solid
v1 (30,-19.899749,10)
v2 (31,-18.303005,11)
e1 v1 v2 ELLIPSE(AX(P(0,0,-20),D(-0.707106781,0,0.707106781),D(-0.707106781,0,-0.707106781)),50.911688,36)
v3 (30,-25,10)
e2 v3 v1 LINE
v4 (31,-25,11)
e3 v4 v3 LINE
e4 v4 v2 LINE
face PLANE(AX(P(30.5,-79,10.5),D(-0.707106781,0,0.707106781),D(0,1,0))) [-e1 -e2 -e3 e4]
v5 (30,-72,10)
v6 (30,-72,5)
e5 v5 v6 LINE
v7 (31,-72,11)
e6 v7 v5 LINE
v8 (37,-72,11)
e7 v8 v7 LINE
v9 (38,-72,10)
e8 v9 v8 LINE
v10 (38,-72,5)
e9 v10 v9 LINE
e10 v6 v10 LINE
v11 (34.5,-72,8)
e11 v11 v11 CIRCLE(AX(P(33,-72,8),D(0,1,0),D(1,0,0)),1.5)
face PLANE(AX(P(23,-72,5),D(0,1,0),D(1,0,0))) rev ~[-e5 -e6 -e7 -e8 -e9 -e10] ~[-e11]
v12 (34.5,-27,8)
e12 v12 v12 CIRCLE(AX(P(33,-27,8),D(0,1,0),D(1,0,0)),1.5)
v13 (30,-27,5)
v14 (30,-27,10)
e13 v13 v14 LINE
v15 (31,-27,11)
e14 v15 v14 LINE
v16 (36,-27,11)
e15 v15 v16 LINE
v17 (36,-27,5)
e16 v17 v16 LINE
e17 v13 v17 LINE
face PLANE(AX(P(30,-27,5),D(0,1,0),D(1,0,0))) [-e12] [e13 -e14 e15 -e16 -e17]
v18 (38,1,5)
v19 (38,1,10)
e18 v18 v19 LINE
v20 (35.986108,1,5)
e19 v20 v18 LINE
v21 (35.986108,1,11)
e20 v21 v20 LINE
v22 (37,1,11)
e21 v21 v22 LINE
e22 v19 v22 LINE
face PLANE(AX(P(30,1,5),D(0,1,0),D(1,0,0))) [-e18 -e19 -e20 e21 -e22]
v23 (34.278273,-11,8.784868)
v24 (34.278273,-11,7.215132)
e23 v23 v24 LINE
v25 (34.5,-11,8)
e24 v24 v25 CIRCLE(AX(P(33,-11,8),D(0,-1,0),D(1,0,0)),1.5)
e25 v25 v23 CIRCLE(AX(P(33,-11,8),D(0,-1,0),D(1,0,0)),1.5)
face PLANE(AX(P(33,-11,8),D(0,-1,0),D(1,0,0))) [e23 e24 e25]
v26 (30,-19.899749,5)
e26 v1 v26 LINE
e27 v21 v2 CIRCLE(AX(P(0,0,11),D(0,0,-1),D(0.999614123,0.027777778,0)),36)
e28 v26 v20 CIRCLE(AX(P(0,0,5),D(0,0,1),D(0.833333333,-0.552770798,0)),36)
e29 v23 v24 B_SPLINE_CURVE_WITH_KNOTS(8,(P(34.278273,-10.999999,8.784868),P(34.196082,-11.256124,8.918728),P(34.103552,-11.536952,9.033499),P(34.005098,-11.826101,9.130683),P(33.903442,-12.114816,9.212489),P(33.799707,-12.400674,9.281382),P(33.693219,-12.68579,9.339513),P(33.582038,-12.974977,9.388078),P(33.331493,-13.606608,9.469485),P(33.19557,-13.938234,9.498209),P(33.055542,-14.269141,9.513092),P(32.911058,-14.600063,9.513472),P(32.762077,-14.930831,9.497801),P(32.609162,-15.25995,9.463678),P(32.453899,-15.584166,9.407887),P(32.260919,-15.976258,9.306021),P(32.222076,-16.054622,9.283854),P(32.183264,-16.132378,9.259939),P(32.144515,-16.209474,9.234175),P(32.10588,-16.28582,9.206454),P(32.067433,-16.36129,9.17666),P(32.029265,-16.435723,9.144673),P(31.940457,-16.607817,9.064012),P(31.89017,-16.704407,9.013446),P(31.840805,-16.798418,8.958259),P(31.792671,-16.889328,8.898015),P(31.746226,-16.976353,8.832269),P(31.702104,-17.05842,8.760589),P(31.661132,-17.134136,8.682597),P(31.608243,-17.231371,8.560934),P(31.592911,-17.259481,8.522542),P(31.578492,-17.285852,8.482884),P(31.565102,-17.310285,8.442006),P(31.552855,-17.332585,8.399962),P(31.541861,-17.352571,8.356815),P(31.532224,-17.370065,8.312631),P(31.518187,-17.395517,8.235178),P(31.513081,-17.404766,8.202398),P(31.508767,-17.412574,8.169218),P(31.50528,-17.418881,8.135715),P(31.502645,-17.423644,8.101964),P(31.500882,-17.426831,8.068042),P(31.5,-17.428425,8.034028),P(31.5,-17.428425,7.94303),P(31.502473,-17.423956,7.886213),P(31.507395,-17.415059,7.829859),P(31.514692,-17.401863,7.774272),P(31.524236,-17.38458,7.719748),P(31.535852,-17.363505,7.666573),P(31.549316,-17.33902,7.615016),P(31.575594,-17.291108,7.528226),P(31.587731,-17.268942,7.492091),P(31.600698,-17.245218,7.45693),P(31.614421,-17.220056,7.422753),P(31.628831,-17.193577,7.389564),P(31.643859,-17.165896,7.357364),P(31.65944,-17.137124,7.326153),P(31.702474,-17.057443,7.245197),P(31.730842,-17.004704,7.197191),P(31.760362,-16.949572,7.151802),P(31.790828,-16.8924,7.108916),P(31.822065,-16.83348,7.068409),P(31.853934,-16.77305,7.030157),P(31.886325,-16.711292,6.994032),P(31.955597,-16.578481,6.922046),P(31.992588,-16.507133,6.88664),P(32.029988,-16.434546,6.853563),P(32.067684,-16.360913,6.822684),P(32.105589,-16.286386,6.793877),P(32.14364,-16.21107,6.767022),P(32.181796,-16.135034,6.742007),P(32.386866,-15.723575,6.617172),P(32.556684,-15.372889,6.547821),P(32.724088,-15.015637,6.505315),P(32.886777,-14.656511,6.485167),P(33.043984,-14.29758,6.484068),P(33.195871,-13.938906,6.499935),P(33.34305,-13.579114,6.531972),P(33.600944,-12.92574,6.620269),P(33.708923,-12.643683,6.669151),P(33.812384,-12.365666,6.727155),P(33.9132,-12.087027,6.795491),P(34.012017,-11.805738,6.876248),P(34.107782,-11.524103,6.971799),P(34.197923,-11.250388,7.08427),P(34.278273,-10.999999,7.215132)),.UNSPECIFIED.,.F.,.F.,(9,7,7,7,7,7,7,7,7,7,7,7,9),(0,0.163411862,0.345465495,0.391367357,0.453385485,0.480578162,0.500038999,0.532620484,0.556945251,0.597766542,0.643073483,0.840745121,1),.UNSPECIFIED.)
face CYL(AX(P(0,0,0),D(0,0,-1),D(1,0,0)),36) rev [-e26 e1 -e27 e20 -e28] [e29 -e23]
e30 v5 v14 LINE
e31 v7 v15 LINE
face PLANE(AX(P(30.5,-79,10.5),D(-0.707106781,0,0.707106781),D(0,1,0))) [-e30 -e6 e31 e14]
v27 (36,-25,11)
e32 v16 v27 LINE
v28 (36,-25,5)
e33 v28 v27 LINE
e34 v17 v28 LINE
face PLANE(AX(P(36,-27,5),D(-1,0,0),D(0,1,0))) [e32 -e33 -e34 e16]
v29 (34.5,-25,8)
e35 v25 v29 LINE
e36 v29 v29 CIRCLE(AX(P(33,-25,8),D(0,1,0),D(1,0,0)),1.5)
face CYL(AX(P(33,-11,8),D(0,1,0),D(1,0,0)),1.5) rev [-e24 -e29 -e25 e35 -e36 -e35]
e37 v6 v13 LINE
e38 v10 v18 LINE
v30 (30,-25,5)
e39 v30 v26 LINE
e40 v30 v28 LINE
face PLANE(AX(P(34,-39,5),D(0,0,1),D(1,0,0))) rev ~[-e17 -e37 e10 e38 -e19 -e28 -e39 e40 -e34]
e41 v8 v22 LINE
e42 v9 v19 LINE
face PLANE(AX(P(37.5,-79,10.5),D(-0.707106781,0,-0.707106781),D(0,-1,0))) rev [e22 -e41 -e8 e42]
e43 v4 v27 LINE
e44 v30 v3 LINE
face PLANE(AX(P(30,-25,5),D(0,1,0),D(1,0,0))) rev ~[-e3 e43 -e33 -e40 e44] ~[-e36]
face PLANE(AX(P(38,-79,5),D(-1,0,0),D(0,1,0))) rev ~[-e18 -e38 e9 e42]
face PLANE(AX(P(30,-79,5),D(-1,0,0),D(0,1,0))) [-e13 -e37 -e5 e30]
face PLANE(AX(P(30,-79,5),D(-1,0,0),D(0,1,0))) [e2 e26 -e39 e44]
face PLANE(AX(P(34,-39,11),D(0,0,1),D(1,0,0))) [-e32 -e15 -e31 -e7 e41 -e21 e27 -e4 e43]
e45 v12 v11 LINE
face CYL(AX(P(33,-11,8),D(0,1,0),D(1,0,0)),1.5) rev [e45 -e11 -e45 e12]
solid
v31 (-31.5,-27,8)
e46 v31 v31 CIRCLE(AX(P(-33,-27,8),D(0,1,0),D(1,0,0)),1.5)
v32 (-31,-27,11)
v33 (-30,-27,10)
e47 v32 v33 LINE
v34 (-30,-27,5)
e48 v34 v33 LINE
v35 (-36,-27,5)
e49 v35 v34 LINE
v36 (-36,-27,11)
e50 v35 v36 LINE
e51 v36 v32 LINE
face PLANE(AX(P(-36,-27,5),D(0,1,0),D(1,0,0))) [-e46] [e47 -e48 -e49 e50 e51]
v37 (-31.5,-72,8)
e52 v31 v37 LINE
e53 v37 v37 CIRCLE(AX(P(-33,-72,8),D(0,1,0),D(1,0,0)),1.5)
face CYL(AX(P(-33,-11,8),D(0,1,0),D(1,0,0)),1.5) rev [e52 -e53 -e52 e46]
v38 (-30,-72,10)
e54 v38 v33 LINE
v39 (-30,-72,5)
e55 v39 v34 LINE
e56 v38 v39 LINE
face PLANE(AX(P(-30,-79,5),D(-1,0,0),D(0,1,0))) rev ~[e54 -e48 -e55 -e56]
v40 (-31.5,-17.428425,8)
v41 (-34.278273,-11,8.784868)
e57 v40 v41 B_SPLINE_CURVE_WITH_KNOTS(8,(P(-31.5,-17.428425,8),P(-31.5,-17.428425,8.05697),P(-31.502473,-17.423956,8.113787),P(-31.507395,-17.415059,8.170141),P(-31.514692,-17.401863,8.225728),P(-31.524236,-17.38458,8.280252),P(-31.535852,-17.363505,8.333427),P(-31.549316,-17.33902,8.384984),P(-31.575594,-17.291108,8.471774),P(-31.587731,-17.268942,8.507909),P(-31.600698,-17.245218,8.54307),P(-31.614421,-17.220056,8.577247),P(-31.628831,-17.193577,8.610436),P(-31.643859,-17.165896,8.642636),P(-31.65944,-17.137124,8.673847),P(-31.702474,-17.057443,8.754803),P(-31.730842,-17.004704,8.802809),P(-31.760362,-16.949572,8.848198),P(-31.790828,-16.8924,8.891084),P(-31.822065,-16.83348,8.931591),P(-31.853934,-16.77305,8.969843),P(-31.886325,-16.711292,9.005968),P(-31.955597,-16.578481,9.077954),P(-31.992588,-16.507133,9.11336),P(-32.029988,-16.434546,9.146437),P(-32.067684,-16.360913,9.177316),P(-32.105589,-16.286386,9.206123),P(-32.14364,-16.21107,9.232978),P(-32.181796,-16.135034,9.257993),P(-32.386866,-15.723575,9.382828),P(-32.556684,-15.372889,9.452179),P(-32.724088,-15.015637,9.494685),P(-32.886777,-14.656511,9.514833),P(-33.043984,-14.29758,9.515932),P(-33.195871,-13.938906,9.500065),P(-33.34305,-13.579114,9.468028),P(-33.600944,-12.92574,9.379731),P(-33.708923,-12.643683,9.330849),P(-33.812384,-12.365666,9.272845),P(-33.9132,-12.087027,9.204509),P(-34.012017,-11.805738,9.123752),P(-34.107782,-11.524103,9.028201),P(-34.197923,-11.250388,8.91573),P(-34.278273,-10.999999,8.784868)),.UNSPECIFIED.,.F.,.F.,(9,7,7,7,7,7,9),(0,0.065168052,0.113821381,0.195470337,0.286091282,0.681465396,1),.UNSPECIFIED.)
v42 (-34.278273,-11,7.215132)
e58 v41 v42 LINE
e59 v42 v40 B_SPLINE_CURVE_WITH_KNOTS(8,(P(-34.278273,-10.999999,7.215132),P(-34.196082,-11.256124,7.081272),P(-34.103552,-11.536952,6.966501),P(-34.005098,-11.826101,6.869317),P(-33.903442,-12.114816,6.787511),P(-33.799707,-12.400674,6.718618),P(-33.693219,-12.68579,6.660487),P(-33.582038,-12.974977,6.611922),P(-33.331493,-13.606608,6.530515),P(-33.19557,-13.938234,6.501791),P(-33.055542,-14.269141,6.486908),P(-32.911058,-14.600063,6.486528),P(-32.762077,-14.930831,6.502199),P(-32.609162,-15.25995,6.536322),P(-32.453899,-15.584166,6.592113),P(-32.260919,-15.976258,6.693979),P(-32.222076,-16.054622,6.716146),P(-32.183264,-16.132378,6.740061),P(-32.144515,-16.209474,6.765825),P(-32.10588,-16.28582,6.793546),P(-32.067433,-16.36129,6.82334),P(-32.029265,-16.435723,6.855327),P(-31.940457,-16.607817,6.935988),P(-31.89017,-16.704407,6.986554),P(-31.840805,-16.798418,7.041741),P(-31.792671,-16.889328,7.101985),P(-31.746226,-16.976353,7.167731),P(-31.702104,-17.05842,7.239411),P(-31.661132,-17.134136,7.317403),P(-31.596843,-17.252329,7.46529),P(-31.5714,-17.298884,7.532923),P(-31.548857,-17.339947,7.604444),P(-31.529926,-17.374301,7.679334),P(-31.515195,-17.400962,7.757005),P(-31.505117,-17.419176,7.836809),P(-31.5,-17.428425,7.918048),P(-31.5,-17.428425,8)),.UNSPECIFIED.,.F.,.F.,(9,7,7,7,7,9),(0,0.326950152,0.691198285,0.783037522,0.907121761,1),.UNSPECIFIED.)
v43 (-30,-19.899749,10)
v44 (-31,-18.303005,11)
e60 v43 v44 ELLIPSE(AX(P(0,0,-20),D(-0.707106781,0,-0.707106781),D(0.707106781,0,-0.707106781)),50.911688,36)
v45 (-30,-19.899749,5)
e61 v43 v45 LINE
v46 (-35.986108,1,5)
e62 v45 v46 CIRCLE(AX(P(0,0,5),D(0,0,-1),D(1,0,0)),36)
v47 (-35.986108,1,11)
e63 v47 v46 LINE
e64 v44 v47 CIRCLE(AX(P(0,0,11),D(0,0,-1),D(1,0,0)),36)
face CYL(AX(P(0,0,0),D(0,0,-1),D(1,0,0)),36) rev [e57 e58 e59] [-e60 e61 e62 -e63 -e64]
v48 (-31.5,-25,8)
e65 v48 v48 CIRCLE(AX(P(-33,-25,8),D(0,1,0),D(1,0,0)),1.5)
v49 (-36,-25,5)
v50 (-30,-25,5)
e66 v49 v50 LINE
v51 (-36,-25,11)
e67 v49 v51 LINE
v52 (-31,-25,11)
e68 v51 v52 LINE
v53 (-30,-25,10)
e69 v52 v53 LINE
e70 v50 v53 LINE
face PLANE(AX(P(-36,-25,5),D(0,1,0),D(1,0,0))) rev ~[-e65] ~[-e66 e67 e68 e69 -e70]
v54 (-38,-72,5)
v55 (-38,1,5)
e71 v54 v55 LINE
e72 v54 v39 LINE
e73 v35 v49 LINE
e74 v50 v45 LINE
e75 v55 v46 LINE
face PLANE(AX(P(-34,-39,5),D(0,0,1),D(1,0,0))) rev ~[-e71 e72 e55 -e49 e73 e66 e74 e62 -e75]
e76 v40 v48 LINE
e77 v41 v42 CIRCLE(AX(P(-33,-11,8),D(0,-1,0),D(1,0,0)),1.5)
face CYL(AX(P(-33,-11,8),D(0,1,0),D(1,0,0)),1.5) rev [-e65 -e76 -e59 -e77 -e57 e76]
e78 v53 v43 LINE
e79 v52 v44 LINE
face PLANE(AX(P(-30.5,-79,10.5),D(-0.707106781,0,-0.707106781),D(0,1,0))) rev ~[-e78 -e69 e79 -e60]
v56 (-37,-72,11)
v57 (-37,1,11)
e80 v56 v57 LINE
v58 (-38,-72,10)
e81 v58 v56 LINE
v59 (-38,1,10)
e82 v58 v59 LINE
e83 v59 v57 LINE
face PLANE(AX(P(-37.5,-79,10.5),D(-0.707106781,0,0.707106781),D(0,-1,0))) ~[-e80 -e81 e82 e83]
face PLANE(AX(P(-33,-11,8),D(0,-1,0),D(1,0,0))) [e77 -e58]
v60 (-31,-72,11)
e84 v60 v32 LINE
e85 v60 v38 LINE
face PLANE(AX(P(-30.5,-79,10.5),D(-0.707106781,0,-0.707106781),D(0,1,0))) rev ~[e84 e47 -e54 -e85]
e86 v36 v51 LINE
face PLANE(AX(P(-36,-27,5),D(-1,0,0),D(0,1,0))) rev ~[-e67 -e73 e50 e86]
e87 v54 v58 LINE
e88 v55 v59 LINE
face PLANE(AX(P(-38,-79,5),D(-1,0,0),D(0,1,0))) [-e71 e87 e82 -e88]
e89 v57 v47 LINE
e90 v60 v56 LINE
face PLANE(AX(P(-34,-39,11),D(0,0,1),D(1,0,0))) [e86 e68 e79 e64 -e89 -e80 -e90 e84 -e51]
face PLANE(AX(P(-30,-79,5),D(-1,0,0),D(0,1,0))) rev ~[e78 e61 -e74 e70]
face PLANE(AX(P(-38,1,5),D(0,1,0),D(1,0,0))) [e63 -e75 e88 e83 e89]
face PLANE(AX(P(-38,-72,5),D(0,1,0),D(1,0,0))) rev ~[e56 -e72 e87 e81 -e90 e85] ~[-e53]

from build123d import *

# Parameters (mm, degrees)
CYLINDER2684_R     = 1.5
CYLINDER2684_DEPTH = 100
CYLINDER2683_R     = 1.5
CYLINDER2683_DEPTH = 100
BOX916_W           = 6
BOX916_H           = 2
BOX916_DEPTH       = 6
BOX_W              = 6
BOX_H              = 2
BOX_DEPTH          = 6
BOX883_W           = 15
BOX883_H           = 13.5
BOX883_DEPTH       = 32
BOX884_W           = 15
BOX884_H           = 13.5
BOX884_DEPTH       = 32
CYLINDER2672_R     = 36
CYLINDER2672_DEPTH = 16
BOX908_W           = 8
BOX908_H           = 80
BOX908_DEPTH       = 6
CHAMFER132_SIZE    = 1
CHAMFER139_SIZE    = 1
CYLINDER2674_R     = 36
CYLINDER2674_DEPTH = 16
BOX909_W           = 8
BOX909_H           = 80
BOX909_DEPTH       = 6
CHAMFER133_SIZE    = 1
CHAMFER135_SIZE    = 1


with BuildPart() as v_lec2654:
    # Cylinder2684 → Cylinder2684 (new body)
    with BuildSketch(Plane(origin=(33, -10, 8), x_dir=(1, 0, 0), z_dir=(0, -1, 0))):
        Circle(CYLINDER2684_R)
    extrude(amount=CYLINDER2684_DEPTH)


with BuildPart() as compound1194:
    # Cylinder2683 → Cylinder2683 (new body)
    with BuildSketch(Plane(origin=(-33, -10, 8), x_dir=(1, 0, 0), z_dir=(0, -1, 0))):
        Circle(CYLINDER2683_R)
    extrude(amount=CYLINDER2683_DEPTH)

    # Compound1194: union Válec2654
    add(v_lec2654.part)


with BuildPart() as compound1194_1:
    # Compound1194 placement: moved
    add(compound1194.part.moved(Location((0, -1, 0))))


with BuildPart() as krychle915:
    # Box916 → Box916 (new body)
    with BuildSketch(Plane(origin=(-36, -27, 5), x_dir=(1, 0, 0), z_dir=(0, 0, 1))):
        with Locations((3, 1)):
            Rectangle(BOX916_W, BOX916_H)
    extrude(amount=BOX916_DEPTH)


with BuildPart() as compound1191:
    # Box → Box (new body)
    with BuildSketch(Plane(origin=(30, -27, 5), x_dir=(1, 0, 0), z_dir=(0, 0, 1))):
        with Locations((3, 1)):
            Rectangle(BOX_W, BOX_H)
    extrude(amount=BOX_DEPTH)

    # Compound1191: union Krychle915
    add(krychle915.part)


with BuildPart() as krychle882:
    # Box883 → Box883 (new body)
    with BuildSketch(Plane(origin=(-38, -68, 5), x_dir=(1, 0, 0), z_dir=(0, 0, 1))):
        with Locations((7.5, 6.75)):
            Rectangle(BOX883_W, BOX883_H)
    extrude(amount=BOX883_DEPTH)


with BuildPart() as compound:
    # Box884 → Box884 (new body)
    with BuildSketch(Plane(origin=(23, -68, 5), x_dir=(1, 0, 0), z_dir=(0, 0, 1))):
        with Locations((7.5, 6.75)):
            Rectangle(BOX884_W, BOX884_H)
    extrude(amount=BOX884_DEPTH)

    # Compound: union Krychle882
    add(krychle882.part)


with BuildPart() as compound_1:
    # Compound placement: moved
    add(compound.part.moved(Location((0, -17.5, 0))))


with BuildPart() as v_lec2642:
    # Cylinder2672 → Cylinder2672 (new body)
    with BuildSketch(Plane.XY):
        Circle(CYLINDER2672_R)
    extrude(amount=CYLINDER2672_DEPTH)


with BuildPart() as cut994:
    # Box908 → Box908 (new body)
    with BuildSketch(Plane(origin=(-38, -79, 5), x_dir=(1, 0, 0), z_dir=(0, 0, 1))):
        with Locations((4, 40)):
            Rectangle(BOX908_W, BOX908_H)
    extrude(amount=BOX908_DEPTH)

    # Chamfer132
    chamfer132_edges = [cut994.edges().sort_by_distance(p)[0] for p in [
        (-38, -39, 11),
    ]]
    chamfer(chamfer132_edges, length=CHAMFER132_SIZE)

    # Chamfer139
    chamfer139_edges = [cut994.edges().sort_by_distance(p)[0] for p in [
        (-30, -39, 11),
    ]]
    chamfer(chamfer139_edges, length=CHAMFER139_SIZE)

    # Cut994: cut Válec2642
    add(v_lec2642.part, mode=Mode.SUBTRACT)


with BuildPart() as v_lec2644:
    # Cylinder2674 → Cylinder2674 (new body)
    with BuildSketch(Plane.XY):
        Circle(CYLINDER2674_R)
    extrude(amount=CYLINDER2674_DEPTH)


with BuildPart() as cut1005:
    # Box909 → Box909 (new body)
    with BuildSketch(Plane(origin=(30, -79, 5), x_dir=(1, 0, 0), z_dir=(0, 0, 1))):
        with Locations((4, 40)):
            Rectangle(BOX909_W, BOX909_H)
    extrude(amount=BOX909_DEPTH)

    # Chamfer133
    chamfer133_edges = [cut1005.edges().sort_by_distance(p)[0] for p in [
        (38, -39, 11),
    ]]
    chamfer(chamfer133_edges, length=CHAMFER133_SIZE)

    # Chamfer135
    chamfer135_edges = [cut1005.edges().sort_by_distance(p)[0] for p in [
        (30, -39, 11),
    ]]
    chamfer(chamfer135_edges, length=CHAMFER135_SIZE)

    # Cut996: cut Válec2644
    add(v_lec2644.part, mode=Mode.SUBTRACT)

    # Compound1185: union Cut994
    add(cut994.part)

    # Cut1002: cut Compound
    add(compound_1.part, mode=Mode.SUBTRACT)

    # Cut1003: cut Compound1191
    add(compound1191.part, mode=Mode.SUBTRACT)

    # Cut1005: cut Compound1194
    add(compound1194_1.part, mode=Mode.SUBTRACT)


solid = cut1005.part
